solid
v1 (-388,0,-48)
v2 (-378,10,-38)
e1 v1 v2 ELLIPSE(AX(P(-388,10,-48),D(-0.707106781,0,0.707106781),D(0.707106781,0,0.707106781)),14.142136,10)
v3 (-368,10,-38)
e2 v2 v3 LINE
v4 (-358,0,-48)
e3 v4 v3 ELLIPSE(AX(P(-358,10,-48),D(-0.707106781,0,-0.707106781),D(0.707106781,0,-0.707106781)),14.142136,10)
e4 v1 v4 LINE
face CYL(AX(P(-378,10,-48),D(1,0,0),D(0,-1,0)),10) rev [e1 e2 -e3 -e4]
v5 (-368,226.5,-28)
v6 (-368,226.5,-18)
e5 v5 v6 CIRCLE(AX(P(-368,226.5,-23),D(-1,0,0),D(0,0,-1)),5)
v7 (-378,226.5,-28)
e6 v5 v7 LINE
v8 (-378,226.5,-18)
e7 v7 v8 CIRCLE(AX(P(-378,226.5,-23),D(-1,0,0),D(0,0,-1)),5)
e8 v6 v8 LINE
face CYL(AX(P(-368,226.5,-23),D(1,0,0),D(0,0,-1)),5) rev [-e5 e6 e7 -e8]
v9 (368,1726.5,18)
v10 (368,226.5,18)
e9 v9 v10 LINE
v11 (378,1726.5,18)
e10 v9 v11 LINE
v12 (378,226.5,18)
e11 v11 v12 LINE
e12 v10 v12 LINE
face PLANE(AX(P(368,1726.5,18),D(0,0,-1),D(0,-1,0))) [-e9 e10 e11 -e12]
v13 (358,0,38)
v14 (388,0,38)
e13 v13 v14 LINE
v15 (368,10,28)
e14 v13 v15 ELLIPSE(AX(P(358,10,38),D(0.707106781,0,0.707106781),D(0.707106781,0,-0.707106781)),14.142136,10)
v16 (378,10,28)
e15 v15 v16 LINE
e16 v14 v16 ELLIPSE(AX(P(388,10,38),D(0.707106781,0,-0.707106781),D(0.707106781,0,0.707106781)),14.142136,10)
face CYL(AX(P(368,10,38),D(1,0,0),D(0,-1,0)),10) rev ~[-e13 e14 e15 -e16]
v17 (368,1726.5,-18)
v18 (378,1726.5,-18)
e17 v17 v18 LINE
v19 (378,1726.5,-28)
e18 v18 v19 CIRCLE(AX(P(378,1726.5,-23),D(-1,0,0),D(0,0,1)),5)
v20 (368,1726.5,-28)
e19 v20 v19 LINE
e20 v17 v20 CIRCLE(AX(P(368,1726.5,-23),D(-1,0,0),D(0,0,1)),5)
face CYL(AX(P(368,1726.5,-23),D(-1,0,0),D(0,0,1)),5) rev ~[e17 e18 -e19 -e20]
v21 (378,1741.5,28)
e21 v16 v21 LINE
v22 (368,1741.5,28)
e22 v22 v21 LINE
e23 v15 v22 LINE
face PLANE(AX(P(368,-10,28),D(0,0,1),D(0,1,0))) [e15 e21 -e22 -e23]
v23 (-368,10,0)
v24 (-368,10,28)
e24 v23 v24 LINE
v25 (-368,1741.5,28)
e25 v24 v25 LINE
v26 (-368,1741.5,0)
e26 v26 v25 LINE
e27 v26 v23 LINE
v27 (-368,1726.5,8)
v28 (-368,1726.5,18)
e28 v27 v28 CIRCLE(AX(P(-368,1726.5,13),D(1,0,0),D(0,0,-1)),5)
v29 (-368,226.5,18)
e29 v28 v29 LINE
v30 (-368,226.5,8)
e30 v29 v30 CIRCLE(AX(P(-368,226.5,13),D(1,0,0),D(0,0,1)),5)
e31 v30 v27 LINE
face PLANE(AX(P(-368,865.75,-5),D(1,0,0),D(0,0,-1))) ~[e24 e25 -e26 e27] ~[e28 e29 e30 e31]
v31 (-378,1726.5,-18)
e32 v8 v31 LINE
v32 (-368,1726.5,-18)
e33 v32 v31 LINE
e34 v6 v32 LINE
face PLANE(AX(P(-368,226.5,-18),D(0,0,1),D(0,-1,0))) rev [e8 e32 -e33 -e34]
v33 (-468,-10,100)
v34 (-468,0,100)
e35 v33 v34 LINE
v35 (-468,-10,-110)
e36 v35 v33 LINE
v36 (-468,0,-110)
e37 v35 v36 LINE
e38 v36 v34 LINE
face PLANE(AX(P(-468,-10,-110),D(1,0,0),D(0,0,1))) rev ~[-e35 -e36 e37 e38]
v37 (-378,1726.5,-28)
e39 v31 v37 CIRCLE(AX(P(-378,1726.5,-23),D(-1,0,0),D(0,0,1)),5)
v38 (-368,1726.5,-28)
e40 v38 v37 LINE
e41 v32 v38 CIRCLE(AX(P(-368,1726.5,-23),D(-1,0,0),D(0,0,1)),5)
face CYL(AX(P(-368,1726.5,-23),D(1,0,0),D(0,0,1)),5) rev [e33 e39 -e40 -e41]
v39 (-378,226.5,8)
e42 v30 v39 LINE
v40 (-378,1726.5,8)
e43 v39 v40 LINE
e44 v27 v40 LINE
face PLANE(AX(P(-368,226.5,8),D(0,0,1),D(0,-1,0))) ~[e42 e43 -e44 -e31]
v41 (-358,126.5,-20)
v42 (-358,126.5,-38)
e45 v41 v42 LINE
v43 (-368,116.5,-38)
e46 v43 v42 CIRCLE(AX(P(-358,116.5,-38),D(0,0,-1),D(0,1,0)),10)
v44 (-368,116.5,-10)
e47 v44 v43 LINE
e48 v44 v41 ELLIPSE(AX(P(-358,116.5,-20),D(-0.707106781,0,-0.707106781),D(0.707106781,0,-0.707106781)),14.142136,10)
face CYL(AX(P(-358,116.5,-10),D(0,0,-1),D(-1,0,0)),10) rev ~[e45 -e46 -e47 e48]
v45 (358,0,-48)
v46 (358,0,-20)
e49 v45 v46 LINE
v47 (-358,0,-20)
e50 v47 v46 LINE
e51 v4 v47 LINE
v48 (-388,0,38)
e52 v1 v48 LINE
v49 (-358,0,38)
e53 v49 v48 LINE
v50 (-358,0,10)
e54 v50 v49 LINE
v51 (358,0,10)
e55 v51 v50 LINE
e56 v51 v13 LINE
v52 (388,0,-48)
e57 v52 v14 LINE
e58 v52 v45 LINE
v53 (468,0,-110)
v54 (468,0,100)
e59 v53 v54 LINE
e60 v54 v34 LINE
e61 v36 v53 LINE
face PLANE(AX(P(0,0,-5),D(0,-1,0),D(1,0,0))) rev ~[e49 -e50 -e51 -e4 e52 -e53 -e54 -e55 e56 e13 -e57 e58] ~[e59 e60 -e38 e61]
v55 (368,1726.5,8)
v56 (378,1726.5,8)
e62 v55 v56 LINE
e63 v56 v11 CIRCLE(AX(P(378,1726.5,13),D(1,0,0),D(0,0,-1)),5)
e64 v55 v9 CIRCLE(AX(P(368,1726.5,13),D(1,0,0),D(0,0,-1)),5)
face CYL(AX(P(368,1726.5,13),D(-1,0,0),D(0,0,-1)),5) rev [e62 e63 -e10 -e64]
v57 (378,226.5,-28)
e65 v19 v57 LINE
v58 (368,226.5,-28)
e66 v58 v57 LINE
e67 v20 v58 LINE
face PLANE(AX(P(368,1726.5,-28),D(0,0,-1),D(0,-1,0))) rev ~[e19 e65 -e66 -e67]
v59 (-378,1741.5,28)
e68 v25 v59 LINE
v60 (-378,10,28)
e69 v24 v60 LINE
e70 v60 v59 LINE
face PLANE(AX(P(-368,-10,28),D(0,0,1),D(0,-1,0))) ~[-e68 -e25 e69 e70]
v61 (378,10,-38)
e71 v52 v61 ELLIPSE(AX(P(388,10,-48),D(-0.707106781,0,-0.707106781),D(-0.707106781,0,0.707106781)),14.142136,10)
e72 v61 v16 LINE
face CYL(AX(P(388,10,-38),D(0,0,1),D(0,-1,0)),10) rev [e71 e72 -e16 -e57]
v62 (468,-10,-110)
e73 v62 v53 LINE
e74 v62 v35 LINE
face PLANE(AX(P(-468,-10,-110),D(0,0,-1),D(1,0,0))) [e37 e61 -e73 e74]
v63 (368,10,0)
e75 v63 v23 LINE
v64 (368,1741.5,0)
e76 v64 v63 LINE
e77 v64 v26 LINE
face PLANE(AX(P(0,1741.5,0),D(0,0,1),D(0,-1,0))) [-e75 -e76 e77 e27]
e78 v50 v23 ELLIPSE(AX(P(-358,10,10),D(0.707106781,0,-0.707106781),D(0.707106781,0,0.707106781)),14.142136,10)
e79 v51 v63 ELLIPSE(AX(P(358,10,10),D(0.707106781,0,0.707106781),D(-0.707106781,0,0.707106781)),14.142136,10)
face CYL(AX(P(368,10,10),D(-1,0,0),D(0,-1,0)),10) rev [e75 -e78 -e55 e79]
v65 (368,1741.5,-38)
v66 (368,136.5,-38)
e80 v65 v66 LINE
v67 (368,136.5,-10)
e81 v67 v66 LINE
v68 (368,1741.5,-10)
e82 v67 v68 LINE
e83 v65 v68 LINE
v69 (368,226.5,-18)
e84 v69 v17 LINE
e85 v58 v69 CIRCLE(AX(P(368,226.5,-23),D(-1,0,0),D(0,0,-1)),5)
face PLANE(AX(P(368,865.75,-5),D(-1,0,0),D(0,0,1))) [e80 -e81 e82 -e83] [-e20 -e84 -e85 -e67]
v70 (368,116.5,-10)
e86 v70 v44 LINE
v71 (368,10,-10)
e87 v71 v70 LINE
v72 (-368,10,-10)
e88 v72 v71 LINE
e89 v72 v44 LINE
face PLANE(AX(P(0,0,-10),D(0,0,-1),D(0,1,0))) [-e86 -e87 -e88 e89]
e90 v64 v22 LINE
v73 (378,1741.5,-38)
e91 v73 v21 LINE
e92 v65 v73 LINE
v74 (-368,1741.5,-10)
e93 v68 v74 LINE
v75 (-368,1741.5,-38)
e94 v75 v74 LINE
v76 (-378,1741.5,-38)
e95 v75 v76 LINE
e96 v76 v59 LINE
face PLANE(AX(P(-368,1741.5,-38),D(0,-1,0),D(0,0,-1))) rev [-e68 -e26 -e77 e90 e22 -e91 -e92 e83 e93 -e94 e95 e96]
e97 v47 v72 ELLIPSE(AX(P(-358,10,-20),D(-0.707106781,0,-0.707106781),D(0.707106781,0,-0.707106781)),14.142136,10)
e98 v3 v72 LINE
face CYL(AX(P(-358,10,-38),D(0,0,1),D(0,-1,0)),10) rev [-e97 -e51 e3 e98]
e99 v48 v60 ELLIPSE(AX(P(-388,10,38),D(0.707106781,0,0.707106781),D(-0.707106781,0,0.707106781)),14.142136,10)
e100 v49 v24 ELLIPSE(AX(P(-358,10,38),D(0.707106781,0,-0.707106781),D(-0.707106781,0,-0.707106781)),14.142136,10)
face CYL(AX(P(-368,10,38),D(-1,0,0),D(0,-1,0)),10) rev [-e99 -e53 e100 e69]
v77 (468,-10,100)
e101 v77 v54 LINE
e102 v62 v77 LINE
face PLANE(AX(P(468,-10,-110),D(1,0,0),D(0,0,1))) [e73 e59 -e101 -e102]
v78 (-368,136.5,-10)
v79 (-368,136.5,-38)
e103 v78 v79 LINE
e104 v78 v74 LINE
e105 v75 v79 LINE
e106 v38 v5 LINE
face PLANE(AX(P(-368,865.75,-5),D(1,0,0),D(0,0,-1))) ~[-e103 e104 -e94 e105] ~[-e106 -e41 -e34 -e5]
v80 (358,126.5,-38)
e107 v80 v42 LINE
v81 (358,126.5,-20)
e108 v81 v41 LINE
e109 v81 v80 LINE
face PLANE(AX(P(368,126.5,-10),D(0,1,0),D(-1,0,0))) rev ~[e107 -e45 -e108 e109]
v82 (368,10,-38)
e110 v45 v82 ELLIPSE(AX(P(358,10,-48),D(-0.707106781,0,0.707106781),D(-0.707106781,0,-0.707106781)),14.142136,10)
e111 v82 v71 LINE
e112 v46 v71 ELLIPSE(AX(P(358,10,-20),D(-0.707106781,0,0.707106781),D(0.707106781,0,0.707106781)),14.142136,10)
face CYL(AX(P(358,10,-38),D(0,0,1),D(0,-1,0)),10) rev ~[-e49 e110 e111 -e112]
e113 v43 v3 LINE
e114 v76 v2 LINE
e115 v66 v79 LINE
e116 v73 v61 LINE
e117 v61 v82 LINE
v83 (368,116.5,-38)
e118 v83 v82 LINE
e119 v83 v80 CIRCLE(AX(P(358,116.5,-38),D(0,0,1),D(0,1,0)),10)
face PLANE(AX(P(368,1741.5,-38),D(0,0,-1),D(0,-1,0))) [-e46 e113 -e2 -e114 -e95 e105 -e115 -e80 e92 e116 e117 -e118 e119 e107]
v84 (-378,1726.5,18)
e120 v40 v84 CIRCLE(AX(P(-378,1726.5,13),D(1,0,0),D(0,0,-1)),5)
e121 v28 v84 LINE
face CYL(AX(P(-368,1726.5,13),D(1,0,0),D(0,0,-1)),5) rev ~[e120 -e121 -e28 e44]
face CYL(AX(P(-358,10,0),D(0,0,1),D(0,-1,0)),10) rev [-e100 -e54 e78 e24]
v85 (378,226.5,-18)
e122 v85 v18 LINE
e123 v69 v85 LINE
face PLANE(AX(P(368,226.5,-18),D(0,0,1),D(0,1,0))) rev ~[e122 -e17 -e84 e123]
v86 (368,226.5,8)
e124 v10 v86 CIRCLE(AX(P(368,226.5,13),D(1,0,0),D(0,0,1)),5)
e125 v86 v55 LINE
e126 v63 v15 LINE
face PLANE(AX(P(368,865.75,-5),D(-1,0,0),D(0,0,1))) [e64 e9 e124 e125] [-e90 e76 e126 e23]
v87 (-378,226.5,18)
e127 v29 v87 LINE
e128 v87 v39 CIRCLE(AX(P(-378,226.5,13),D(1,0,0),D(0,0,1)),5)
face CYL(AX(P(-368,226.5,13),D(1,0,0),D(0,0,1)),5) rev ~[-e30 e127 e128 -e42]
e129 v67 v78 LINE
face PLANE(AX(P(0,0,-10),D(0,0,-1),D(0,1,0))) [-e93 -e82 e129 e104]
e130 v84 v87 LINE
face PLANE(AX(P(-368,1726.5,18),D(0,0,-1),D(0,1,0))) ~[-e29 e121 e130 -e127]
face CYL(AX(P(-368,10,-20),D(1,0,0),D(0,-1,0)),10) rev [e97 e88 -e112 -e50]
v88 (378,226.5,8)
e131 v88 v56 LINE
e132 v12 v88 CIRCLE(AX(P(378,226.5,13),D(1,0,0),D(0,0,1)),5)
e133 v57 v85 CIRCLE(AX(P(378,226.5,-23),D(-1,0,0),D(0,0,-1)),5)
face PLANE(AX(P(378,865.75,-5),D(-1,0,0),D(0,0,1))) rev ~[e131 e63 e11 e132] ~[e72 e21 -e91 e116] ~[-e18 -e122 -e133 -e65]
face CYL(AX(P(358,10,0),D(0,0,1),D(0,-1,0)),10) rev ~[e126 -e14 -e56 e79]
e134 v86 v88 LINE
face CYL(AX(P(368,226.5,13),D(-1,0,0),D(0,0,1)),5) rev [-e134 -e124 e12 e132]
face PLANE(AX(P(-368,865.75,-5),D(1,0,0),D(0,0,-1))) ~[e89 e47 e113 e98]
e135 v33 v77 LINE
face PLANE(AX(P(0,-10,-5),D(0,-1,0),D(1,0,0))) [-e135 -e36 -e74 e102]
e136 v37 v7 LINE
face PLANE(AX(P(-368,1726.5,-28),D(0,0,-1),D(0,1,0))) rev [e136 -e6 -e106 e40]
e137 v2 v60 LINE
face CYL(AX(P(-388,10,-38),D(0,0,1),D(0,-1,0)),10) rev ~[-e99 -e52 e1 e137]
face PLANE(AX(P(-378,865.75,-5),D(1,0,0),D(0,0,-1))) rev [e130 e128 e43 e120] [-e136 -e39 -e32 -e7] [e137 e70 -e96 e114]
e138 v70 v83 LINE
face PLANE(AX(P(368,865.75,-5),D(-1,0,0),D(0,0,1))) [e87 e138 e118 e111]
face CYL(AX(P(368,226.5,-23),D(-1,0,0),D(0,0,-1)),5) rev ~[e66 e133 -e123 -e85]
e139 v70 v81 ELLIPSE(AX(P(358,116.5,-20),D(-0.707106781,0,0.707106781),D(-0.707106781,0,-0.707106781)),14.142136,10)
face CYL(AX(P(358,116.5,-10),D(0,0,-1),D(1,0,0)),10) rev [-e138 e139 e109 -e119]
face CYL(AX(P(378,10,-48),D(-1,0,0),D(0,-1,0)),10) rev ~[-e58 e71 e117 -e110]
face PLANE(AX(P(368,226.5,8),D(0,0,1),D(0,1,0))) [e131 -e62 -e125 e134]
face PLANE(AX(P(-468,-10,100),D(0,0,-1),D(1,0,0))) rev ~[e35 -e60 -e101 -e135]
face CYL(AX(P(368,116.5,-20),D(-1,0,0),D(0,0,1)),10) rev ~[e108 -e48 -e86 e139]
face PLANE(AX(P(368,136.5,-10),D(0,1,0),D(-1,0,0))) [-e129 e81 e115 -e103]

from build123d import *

# Parameters (mm, degrees)
WALL_EXTRUDE_DEPTH           = 368
RIGHT_GUIDE_EXTRUDE_DEPTH    = 10
SKETCH3_W                    = 936
SKETCH3_H                    = 210
BOTTOM_FOOT_COMPLETION_DEPTH = 10
SKETCH4_W                    = 736
SKETCH4_H                    = 10
PLATFORM_STOPPER_DEPTH       = 28
STRUCTURAL_FILLETS_R         = 10


with BuildPart() as part:
    # Sketch1 → Wall extrude (new, symmetric)
    with BuildSketch(Plane(origin=(0, 0, 0), x_dir=(0, 0, -1), z_dir=(1, 0, 0))):
        Polygon((0, 0), (-100, 0), (-100, -10), (10, -10), (110, -10), (110, 0), (10, 0), (10, 1741.5), (0, 1741.5), align=None)
    extrude(amount=WALL_EXTRUDE_DEPTH, both=True)

    # Sketch2 → Right guide extrude (add)
    with BuildSketch(Plane(origin=(368, 0, 0), x_dir=(0, 0, -1), z_dir=(1, 0, 0))):
        Polygon((0, 1741.5), (38, 1741.5), (38, -10), (0, -10), (-28, -10), (-28, 1741.5), align=None)
        with BuildLine():
            Line((18, 226.5), (18, 1726.5))
            ThreePointArc((18, 1726.5), (23, 1731.5), (28, 1726.5))
            Line((28, 1726.5), (28, 226.5))
            ThreePointArc((28, 226.5), (23, 221.5), (18, 226.5))
        make_face(mode=Mode.SUBTRACT)
        with BuildLine():
            Line((-18, 1726.5), (-18, 226.5))
            ThreePointArc((-18, 226.5), (-13, 221.5), (-8, 226.5))
            Line((-8, 226.5), (-8, 1726.5))
            ThreePointArc((-8, 1726.5), (-13, 1731.5), (-18, 1726.5))
        make_face(mode=Mode.SUBTRACT)
    right_guide_extrude = extrude(amount=RIGHT_GUIDE_EXTRUDE_DEPTH)

    # Left guide extrude: Right guide extrude across plane
    add(right_guide_extrude.mirror(Plane(origin=(0, 0, 0), x_dir=(0, 0, 1), z_dir=(1, 0, 0))))

    # Sketch3 → Bottom foot completion (add)
    with BuildSketch(Plane.XZ.offset(10)):
        with Locations((0, -5)):
            Rectangle(SKETCH3_W, SKETCH3_H)
    extrude(amount=-BOTTOM_FOOT_COMPLETION_DEPTH)

    # Sketch4 → Platform stopper (add)
    with BuildSketch(Plane(origin=(0, 0, -10), x_dir=(-1, 0, 0), z_dir=(0, 0, -1))):
        with Locations((0, 131.5)):
            Rectangle(SKETCH4_W, SKETCH4_H)
    extrude(amount=PLATFORM_STOPPER_DEPTH)

    # Structural fillets
    structural_fillets_edges = [part.edges().sort_by_distance(p)[0] for p in [
        (373, 0, 28),
        (373, 0, -38),
        (378, 0, -5),
        (-373, 0, -38),
        (-378, 0, -5),
        (-373, 0, 28),
        (-368, 0, 14),
        (-368, 126.5, -24),
        (368, 126.5, -24),
        (0, 126.5, -10),
        (0, 0, -10),
        (0, 0, 0),
        (368, 0, -24),
        (-368, 0, -24),
        (368, 0, 14),
    ]]
    fillet(structural_fillets_edges, radius=STRUCTURAL_FILLETS_R)


solid = part.part
